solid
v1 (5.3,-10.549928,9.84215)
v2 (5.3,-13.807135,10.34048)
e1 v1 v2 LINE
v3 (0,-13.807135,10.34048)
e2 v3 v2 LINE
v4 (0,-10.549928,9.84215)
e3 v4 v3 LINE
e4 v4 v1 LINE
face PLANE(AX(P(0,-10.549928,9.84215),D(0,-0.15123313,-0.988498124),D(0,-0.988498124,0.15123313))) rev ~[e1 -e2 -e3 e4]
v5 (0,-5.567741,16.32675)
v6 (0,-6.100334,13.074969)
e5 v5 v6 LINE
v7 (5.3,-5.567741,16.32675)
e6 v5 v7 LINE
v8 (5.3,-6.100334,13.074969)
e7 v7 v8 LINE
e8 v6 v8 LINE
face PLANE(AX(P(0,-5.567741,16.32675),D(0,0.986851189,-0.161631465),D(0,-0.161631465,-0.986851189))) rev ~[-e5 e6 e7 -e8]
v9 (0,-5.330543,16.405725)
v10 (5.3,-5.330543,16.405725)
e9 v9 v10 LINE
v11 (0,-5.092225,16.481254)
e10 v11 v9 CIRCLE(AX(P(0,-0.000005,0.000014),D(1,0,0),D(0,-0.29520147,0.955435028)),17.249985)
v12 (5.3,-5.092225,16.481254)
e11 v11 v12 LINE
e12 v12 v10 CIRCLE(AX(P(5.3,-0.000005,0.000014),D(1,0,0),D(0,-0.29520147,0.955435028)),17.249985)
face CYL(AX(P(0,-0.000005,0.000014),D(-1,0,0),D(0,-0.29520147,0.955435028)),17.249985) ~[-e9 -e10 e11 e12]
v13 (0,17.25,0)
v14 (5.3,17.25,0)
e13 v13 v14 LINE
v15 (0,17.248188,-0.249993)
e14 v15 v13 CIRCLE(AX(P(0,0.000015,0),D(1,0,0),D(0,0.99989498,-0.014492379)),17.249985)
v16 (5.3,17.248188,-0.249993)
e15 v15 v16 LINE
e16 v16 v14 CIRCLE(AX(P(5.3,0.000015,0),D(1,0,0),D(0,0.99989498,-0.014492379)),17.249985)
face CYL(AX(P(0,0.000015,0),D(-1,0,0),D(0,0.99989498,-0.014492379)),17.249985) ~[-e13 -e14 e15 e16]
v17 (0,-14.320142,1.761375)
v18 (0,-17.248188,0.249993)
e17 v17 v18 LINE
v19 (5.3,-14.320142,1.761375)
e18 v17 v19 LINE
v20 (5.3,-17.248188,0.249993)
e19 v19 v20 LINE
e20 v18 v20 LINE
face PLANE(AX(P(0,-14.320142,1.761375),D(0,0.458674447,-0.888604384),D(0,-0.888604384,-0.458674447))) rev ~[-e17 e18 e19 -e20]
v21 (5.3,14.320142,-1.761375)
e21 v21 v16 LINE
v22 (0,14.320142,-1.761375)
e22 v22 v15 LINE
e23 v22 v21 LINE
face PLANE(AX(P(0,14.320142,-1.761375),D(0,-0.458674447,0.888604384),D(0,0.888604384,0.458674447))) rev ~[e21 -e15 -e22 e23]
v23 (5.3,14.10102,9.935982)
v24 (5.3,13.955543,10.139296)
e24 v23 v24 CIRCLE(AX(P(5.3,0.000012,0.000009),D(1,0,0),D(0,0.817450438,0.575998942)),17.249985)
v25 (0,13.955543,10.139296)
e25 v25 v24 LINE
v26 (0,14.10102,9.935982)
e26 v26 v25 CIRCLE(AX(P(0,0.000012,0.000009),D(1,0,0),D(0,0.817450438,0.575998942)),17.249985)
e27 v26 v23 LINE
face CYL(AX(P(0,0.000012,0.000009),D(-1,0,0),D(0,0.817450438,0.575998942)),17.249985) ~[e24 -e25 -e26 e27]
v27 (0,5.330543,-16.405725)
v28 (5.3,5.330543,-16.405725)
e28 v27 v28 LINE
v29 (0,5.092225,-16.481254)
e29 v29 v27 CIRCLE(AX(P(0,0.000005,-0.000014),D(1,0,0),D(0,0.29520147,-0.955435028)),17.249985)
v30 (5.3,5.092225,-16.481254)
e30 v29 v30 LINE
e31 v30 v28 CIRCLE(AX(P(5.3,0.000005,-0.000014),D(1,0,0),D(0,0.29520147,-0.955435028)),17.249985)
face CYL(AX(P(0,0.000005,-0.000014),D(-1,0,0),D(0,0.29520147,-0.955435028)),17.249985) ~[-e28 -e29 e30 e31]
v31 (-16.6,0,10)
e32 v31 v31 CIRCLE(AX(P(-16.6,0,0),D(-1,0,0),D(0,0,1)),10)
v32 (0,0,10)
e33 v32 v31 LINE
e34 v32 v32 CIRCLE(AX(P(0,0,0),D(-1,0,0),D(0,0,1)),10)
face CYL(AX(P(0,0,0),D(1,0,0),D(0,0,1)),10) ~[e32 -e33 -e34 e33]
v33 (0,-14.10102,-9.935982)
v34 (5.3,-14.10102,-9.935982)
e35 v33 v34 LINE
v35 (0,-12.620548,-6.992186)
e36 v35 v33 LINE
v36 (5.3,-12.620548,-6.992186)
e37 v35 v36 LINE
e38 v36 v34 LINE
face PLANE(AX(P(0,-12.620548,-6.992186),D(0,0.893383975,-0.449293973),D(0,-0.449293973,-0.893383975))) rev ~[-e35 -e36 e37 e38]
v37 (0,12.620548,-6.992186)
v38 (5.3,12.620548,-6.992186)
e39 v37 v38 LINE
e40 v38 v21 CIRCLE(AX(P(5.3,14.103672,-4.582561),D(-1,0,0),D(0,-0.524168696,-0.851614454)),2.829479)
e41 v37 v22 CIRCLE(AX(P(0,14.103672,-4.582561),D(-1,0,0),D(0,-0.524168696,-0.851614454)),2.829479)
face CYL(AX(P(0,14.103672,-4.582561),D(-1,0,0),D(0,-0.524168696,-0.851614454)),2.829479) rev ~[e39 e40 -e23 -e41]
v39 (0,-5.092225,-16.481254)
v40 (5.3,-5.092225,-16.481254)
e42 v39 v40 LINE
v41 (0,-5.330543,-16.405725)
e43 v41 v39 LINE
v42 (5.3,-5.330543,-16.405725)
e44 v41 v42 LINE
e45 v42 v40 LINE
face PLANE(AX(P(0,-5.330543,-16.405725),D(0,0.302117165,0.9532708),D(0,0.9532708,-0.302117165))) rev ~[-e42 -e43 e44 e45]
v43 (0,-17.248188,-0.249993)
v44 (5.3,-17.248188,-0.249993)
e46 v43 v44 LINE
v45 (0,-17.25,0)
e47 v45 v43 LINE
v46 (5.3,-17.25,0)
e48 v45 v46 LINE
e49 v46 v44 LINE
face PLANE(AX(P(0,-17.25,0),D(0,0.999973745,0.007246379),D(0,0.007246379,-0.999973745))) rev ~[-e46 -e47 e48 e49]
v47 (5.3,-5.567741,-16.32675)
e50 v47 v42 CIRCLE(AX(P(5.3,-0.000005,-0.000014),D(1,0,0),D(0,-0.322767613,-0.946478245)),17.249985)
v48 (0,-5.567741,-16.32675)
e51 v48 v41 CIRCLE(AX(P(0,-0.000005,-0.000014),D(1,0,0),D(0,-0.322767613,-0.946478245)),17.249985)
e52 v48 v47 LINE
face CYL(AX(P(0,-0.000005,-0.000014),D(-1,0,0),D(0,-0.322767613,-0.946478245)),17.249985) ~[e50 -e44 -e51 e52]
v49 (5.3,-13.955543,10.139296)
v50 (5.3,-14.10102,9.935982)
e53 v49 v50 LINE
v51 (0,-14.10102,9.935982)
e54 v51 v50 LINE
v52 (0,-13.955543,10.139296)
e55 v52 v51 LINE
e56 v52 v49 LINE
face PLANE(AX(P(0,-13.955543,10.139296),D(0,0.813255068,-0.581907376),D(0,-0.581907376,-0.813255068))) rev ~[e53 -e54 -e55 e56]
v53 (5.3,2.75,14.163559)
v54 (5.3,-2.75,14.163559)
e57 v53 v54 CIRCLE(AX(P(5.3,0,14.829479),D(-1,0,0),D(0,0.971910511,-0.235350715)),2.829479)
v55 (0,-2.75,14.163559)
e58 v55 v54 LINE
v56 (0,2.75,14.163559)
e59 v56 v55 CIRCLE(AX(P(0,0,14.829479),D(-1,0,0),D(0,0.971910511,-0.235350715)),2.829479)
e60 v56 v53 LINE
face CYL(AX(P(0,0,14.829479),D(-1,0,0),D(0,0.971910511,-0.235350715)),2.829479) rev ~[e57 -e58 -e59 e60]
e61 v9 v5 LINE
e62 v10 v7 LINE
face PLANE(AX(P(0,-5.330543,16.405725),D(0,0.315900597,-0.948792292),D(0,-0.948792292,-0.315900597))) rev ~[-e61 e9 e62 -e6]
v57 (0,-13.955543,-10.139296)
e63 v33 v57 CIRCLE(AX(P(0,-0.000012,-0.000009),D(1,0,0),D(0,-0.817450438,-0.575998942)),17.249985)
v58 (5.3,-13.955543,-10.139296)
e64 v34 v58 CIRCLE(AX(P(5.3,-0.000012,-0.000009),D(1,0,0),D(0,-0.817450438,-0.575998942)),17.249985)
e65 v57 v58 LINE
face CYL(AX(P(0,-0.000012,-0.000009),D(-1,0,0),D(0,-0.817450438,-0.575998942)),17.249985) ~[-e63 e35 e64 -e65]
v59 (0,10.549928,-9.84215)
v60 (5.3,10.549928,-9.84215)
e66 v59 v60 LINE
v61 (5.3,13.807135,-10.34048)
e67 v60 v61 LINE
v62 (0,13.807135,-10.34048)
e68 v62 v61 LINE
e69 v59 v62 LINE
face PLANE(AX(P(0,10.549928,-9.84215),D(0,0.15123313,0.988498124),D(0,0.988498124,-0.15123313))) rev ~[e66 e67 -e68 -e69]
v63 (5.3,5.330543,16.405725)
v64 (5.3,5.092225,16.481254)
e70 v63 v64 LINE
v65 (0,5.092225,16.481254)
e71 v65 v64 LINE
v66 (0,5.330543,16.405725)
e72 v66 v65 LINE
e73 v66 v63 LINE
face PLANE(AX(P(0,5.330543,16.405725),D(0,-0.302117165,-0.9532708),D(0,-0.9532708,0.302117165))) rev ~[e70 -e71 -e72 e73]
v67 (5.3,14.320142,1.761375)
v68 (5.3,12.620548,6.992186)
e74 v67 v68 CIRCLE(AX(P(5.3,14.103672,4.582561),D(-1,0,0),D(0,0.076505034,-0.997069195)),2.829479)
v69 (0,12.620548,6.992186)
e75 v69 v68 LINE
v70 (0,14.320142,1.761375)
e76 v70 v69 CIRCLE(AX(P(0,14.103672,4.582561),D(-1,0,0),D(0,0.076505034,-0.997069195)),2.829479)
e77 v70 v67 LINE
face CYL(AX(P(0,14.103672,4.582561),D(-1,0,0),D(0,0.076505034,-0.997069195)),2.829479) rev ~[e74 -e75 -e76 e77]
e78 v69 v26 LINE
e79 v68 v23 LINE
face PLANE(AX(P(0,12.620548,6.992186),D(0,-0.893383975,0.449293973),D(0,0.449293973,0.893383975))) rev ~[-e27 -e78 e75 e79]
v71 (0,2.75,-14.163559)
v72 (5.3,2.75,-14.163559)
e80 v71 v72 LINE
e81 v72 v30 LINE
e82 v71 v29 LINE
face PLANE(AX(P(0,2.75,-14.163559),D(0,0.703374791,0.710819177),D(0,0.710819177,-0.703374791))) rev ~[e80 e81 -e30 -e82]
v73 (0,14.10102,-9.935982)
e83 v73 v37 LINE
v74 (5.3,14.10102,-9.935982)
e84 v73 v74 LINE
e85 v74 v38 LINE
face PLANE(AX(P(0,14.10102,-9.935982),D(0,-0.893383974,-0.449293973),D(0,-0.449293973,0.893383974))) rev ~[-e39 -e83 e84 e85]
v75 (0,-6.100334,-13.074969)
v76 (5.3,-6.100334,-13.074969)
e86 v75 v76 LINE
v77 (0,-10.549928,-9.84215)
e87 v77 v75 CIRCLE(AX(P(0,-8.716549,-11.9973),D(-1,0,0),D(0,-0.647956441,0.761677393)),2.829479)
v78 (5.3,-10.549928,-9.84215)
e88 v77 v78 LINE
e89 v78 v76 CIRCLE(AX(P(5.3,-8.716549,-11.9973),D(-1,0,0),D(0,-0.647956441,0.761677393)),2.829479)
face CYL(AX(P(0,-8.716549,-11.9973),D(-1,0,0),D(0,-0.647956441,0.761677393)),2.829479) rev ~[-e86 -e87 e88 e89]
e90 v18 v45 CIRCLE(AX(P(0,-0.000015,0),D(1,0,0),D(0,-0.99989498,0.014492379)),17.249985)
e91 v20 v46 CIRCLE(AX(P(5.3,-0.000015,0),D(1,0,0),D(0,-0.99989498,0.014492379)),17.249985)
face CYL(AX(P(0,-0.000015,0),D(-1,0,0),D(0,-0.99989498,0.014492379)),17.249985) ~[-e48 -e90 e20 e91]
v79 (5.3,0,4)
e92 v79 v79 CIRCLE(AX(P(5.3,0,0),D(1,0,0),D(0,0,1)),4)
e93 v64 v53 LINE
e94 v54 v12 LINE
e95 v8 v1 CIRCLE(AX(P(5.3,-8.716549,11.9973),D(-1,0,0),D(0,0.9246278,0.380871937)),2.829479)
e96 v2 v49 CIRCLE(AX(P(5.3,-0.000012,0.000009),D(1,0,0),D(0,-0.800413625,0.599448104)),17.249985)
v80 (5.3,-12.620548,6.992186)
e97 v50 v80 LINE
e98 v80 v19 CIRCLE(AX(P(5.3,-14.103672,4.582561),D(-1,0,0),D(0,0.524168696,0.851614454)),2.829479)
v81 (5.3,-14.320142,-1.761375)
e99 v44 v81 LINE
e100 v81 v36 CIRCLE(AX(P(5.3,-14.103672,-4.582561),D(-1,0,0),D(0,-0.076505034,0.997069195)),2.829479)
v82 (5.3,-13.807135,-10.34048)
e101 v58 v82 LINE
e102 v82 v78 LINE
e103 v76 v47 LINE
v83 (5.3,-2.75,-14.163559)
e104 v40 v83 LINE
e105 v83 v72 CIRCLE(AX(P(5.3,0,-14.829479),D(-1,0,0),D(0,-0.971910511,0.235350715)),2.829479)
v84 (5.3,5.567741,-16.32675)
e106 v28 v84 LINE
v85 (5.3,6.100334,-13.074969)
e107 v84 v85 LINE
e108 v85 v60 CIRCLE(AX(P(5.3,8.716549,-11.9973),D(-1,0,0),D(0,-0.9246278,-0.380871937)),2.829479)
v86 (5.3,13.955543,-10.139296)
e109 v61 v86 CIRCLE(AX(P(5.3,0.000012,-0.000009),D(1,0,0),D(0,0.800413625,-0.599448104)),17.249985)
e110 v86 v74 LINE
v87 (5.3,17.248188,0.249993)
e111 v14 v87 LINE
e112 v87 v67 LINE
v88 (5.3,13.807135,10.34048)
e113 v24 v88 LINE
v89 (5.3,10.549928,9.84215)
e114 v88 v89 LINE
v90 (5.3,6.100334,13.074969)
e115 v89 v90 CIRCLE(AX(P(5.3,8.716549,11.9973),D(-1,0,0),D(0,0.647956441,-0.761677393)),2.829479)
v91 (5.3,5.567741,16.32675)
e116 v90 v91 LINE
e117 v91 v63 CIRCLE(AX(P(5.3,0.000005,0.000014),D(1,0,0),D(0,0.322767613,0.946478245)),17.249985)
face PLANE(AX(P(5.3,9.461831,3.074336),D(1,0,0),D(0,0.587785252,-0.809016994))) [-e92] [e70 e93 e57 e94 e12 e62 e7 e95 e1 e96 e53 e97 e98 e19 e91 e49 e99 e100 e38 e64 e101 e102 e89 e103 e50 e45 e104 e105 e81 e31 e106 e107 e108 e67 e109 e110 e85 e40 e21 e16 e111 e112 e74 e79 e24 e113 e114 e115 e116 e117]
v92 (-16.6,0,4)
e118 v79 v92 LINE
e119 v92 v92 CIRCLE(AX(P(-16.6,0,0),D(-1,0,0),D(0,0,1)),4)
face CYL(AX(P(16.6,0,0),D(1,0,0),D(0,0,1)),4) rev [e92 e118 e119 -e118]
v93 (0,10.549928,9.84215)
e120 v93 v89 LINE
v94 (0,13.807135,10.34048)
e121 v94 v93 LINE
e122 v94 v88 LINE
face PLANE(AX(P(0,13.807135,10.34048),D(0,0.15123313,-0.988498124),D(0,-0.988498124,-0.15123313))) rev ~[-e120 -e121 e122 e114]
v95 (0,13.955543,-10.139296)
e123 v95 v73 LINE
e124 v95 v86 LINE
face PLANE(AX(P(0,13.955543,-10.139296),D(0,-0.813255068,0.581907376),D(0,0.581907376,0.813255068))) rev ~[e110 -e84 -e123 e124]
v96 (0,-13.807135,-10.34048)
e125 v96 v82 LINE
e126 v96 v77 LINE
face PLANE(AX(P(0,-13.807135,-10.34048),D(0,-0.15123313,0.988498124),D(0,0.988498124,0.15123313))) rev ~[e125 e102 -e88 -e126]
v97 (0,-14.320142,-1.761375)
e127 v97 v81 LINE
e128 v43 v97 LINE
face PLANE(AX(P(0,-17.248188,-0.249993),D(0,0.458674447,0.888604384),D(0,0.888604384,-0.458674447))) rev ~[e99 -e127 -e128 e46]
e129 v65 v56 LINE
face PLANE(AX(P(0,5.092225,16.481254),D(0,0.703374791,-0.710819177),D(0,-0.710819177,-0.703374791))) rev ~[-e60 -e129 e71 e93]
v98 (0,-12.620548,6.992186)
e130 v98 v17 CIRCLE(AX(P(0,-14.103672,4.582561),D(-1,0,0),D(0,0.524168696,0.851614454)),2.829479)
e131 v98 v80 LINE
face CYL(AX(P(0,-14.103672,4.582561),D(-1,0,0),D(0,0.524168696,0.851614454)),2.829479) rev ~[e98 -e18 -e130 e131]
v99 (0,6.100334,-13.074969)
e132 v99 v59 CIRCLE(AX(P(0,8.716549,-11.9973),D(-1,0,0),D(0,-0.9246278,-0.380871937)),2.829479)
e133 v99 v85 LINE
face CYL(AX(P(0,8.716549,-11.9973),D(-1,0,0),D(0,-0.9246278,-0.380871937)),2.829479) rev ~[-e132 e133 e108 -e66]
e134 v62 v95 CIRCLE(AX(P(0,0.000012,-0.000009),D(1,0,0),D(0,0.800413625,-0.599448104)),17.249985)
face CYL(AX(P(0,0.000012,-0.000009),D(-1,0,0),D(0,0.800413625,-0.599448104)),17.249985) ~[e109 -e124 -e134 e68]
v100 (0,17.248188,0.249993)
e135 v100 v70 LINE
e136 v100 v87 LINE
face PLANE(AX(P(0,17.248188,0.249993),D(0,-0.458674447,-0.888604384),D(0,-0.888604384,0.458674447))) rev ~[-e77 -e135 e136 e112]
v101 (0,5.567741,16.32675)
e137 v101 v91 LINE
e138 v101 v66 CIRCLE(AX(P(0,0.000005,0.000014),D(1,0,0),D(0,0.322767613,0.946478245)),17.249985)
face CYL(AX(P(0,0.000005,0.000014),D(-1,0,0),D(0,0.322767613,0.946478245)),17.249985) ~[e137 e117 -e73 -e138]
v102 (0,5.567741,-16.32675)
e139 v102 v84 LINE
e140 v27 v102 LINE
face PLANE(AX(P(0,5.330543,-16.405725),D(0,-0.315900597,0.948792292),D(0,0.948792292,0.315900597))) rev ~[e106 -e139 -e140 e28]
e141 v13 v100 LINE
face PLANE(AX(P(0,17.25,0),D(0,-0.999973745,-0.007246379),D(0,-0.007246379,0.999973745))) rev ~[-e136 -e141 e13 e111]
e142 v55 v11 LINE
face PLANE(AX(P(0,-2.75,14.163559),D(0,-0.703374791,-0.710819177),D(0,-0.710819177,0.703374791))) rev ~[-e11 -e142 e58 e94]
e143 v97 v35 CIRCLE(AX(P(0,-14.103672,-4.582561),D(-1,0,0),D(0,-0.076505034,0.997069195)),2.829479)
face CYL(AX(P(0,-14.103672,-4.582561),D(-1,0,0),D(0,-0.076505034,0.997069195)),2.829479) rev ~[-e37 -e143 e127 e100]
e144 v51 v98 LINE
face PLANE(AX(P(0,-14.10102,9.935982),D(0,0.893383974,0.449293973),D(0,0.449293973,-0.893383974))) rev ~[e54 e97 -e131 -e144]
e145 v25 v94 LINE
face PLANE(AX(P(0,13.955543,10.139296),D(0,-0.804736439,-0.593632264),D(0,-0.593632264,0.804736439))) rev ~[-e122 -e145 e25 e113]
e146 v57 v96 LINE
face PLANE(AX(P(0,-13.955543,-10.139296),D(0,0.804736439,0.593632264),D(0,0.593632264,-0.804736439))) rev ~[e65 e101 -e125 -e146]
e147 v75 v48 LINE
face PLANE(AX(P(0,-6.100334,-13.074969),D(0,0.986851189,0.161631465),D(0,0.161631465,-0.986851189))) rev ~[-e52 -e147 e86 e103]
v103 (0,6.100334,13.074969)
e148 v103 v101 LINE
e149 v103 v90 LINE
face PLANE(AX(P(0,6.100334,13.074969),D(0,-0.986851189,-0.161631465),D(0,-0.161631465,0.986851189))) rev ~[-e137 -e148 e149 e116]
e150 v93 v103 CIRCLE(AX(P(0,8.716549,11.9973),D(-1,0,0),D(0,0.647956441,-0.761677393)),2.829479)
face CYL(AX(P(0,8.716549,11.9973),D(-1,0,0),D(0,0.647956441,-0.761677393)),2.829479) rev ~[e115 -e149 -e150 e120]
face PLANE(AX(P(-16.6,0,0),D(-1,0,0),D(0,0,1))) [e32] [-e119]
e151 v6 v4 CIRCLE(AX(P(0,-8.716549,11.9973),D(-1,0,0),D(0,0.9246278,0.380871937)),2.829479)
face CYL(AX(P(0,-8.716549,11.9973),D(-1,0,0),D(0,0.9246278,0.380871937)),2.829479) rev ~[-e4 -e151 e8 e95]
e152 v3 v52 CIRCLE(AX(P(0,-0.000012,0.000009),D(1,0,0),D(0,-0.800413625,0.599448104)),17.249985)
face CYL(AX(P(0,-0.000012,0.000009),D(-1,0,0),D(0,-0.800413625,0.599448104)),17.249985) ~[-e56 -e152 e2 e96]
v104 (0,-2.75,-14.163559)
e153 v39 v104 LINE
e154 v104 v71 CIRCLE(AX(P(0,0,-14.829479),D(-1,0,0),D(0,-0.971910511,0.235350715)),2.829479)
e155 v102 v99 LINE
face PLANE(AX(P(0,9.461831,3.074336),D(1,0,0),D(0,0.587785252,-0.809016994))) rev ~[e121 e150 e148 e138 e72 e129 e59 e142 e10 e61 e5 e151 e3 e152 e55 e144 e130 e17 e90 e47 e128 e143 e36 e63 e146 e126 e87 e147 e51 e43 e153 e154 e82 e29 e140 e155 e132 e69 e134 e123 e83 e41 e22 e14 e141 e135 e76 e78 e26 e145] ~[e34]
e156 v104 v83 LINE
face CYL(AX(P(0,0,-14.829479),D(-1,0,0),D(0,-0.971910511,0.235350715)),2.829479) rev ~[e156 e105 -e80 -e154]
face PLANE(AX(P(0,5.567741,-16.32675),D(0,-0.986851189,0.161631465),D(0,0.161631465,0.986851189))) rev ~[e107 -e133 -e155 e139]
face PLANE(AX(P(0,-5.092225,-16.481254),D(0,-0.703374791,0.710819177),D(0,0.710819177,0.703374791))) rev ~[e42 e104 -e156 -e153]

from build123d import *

# Parameters (mm, degrees)
BOSS_EXTRUDE1_DEPTH = 5.3
CIRPATTERN2_COUNT   = 10
SKETCH2_R           = 10
SKETCH2_R_2         = 4
BOSS_EXTRUDE2_DEPTH = 16.6
CUT_EXTRUDE2_START  = -16.6
SKETCH2_2_R         = 4
CUT_EXTRUDE2_DEPTH  = 16.6


with BuildPart() as part:
    # Sketch1 → Boss-Extrude1 (new body)
    with BuildSketch(Plane(origin=(0, 0, 0), x_dir=(0, 0, -1), z_dir=(1, 0, 0))):
        with BuildLine():
            Line((0, 0), (10.139295602, 13.955543153))
            Line((10.139295602, 13.955543153), (9.935981835, 14.101019997))
            Line((9.935981835, 14.101019997), (6.992185789, 12.620548152))
            ThreePointArc((6.992185789, 12.620548152), (3.708203932, 11.412678196), (1.761374949, 14.320141621))
            Line((1.761374949, 14.320141621), (0.249993436, 17.248188406))
            ThreePointArc((0.249993436, 17.248188406), (0.125, 17.249547096), (0, 17.25))
            Line((0, 17.25), (0, 0))
        make_face()
    boss_extrude1 = extrude(amount=BOSS_EXTRUDE1_DEPTH)

    # CirPattern2: Boss-Extrude1 ×10 about axis
    cirpattern2_axis = Axis((5.3, 0, 0), (-1, 0, 0))
    for i in range(1, CIRPATTERN2_COUNT):
        add(boss_extrude1.rotate(cirpattern2_axis, i * 360 / CIRPATTERN2_COUNT))

    # Sketch2 → Boss-Extrude2 (add)
    with BuildSketch(Plane.ZY):
        Circle(SKETCH2_R)
        Circle(SKETCH2_R_2, mode=Mode.SUBTRACT)
    extrude(amount=BOSS_EXTRUDE2_DEPTH)

    # Sketch2<2> → Cut-Extrude2 (cut)
    with BuildSketch(Plane.ZY.offset(CUT_EXTRUDE2_START)):
        Circle(SKETCH2_2_R)
    extrude(amount=CUT_EXTRUDE2_DEPTH, mode=Mode.SUBTRACT)


solid = part.part
